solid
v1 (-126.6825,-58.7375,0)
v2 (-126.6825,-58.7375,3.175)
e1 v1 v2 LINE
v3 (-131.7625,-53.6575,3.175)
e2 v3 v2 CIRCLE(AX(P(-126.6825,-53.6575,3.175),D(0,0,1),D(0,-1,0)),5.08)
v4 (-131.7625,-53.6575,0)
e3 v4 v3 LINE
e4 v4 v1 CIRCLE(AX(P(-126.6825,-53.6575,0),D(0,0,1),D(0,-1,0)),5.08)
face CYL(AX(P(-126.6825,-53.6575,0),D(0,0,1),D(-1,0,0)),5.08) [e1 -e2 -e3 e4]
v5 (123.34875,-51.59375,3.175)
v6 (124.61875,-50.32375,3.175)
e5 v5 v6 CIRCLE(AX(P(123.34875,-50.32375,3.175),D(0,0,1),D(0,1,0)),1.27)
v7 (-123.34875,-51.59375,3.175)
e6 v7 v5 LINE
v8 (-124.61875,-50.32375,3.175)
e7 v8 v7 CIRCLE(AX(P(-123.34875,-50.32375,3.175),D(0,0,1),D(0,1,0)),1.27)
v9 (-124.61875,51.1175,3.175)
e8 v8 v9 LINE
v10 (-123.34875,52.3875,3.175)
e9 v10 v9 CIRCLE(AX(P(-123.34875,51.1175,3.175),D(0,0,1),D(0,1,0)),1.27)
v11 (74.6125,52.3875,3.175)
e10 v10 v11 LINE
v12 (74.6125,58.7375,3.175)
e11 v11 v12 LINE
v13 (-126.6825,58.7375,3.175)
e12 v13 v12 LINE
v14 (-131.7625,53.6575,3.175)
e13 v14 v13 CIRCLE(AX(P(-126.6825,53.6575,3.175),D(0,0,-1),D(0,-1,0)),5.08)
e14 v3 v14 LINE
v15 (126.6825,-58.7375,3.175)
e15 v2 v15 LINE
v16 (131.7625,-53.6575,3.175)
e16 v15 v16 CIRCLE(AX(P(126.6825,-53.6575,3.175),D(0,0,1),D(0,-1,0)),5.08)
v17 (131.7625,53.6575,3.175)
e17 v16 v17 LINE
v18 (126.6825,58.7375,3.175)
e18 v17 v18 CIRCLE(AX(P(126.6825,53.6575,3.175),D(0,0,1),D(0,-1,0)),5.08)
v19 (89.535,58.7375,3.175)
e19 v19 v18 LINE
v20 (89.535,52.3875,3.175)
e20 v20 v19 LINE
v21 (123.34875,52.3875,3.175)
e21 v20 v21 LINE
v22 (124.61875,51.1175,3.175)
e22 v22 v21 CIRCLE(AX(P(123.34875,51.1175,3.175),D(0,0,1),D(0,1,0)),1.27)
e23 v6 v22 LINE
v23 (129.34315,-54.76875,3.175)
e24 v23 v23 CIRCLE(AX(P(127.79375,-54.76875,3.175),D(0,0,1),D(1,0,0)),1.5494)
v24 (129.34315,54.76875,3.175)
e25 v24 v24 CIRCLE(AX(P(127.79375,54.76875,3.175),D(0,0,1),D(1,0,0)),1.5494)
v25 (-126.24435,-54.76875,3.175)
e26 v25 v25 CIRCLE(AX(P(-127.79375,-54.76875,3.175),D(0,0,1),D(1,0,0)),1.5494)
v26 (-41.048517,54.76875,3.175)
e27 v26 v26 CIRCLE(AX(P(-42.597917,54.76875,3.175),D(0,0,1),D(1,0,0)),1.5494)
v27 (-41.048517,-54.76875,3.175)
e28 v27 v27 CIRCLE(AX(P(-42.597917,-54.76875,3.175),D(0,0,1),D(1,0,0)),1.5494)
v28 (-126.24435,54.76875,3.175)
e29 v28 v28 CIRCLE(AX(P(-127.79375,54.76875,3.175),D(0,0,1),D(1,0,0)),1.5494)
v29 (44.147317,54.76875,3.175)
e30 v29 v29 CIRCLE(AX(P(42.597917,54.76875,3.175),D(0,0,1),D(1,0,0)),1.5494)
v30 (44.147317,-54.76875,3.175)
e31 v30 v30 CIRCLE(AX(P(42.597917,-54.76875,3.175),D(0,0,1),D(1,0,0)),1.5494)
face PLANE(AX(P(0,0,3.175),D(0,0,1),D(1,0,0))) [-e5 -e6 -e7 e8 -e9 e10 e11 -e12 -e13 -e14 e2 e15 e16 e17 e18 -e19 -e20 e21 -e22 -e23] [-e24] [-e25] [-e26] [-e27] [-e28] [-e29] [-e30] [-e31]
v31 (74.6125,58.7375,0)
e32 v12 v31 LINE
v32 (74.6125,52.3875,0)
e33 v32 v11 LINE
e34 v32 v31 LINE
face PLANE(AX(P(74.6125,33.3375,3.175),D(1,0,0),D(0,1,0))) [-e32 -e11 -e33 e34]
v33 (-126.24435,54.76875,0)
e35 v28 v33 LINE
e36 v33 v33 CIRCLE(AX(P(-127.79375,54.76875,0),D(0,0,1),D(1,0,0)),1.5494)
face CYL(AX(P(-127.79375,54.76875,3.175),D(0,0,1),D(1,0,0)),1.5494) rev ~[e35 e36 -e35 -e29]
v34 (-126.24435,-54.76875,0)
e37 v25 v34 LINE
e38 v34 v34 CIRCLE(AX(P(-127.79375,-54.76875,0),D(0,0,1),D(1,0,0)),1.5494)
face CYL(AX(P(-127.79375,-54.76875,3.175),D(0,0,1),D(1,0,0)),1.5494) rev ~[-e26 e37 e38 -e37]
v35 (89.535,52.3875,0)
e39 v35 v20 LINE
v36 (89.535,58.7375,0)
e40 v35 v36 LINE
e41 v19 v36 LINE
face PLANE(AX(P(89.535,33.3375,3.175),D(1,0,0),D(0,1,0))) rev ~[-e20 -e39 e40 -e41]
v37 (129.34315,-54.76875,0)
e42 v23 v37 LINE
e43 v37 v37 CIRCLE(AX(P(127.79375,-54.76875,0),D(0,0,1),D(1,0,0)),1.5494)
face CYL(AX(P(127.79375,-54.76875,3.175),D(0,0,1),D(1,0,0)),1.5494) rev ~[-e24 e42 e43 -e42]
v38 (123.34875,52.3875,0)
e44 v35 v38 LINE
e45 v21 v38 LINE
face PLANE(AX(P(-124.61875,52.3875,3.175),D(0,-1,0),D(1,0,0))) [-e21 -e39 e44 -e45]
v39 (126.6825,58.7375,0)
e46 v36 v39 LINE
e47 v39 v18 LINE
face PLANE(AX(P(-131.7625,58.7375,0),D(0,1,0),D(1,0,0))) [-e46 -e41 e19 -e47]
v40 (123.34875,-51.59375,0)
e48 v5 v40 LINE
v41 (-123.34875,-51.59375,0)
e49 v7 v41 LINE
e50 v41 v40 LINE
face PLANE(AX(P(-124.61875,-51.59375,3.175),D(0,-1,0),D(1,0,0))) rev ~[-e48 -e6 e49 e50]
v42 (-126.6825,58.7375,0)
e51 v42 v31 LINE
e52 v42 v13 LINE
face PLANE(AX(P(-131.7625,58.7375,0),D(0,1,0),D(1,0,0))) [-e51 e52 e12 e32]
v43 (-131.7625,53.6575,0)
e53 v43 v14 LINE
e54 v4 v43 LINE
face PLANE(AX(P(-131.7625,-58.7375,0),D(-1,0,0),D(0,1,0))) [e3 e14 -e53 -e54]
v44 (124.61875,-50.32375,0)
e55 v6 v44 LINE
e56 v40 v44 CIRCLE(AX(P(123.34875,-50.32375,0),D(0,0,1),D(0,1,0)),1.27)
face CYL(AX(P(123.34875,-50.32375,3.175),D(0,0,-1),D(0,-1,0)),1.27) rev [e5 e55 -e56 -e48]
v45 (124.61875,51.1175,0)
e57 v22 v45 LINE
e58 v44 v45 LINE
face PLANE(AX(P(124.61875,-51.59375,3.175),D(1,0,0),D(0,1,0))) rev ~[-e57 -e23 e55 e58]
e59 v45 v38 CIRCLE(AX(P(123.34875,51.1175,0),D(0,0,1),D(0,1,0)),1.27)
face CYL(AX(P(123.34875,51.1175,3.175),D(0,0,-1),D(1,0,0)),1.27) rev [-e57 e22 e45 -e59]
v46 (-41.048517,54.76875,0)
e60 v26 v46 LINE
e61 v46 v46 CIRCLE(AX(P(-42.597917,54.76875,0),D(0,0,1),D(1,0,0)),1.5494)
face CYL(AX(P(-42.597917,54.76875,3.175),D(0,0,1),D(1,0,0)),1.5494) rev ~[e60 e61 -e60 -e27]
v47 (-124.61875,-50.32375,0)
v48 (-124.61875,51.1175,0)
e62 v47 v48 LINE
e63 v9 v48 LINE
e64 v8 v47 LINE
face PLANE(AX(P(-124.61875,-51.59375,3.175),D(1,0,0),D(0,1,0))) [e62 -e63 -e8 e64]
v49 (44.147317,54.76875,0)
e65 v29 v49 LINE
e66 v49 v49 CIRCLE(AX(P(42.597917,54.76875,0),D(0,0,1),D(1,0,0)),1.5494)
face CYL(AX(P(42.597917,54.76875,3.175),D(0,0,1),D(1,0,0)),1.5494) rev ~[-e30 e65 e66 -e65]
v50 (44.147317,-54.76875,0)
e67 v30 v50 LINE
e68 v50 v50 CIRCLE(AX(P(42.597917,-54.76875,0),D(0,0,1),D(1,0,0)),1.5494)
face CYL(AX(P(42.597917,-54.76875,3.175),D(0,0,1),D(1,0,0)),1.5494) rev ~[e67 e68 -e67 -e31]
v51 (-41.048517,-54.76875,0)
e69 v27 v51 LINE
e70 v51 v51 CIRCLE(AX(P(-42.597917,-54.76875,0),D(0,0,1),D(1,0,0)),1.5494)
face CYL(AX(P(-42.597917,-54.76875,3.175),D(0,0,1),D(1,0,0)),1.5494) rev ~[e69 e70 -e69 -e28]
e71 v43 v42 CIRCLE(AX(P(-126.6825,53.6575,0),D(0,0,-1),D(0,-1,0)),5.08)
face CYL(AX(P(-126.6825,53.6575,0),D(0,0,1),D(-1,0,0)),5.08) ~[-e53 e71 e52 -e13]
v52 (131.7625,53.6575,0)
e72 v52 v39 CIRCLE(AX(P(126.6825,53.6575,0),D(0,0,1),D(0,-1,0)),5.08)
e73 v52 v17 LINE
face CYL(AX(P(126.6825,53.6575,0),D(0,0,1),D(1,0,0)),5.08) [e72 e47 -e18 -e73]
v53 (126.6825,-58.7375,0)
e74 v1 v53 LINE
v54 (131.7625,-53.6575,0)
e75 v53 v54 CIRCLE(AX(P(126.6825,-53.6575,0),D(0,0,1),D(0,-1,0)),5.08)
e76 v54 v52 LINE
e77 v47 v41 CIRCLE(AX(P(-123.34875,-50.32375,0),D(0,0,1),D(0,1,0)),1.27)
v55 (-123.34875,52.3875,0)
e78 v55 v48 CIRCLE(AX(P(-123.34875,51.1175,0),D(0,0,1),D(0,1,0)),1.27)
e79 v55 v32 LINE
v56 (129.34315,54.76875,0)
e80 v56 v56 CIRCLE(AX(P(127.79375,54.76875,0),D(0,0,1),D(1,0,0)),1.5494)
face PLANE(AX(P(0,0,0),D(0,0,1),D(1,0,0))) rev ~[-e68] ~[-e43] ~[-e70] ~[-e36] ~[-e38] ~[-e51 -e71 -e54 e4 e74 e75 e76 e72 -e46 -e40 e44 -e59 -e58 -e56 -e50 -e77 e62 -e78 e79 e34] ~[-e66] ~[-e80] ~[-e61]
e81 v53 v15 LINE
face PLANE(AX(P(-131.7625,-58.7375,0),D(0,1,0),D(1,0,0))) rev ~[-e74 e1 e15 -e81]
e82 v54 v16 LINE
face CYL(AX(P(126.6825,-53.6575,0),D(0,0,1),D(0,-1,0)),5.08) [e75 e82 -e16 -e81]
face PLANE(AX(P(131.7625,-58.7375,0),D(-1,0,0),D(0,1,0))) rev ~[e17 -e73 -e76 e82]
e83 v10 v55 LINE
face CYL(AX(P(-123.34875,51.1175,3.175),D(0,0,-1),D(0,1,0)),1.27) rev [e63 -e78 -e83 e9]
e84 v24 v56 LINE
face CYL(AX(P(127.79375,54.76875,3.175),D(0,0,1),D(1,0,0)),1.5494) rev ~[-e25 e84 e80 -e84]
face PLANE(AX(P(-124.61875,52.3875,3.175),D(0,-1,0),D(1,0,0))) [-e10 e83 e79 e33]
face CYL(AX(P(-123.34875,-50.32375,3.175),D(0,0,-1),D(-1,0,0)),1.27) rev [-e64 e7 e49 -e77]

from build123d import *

# Parameters (mm, degrees)
SKETCH_W        = 263.525
SKETCH_H        = 117.475
PAD_DEPTH       = 3.175
SKETCH002_W     = 249.2375
SKETCH002_H     = 103.98125
POCKET_DEPTH    = 3.176
SKETCH003_W     = 14.9225
SKETCH003_H     = 25.4
POCKET001_DEPTH = 3.176
SKETCH001_R     = 1.5494
HOLE_DEPTH      = 3.176
FILLET_R        = 5.08
FILLET001_R     = 1.27


with BuildPart() as part:
    # Sketch → Pad (new body)
    with BuildSketch(Plane.XY):
        Rectangle(SKETCH_W, SKETCH_H)
    extrude(amount=PAD_DEPTH)

    # Sketch002 (on Face6 of Pad) → Pocket (cut, through all)
    with BuildSketch(Plane.XY.offset(3.175)):
        with Locations((0, 0.396875)):
            Rectangle(SKETCH002_W, SKETCH002_H)
    extrude(amount=-POCKET_DEPTH, mode=Mode.SUBTRACT)

    # Sketch003 (on Face5 of Pocket) → Pocket001 (cut, through all)
    with BuildSketch(Plane.XY.offset(3.175)):
        with Locations((82.07375, 46.0375)):
            Rectangle(SKETCH003_W, SKETCH003_H)
    extrude(amount=-POCKET001_DEPTH, mode=Mode.SUBTRACT)

    # Sketch001 (on Face6 of Pad) → Hole (cut, through all)
    with BuildSketch(Plane.XY.offset(3.175)):
        with Locations((-42.597917, 54.76875)):
            Circle(SKETCH001_R)
        with Locations((42.597917, 54.76875)):
            Circle(SKETCH001_R)
        with Locations((42.597917, -54.76875)):
            Circle(SKETCH001_R)
        with Locations((-42.597917, -54.76875)):
            Circle(SKETCH001_R)
        with Locations((-127.79375, -54.76875)):
            Circle(SKETCH001_R)
        with Locations((-127.79375, 54.76875)):
            Circle(SKETCH001_R)
        with Locations((127.79375, 54.76875)):
            Circle(SKETCH001_R)
        with Locations((127.79375, -54.76875)):
            Circle(SKETCH001_R)
    extrude(amount=-HOLE_DEPTH, mode=Mode.SUBTRACT)

    # Fillet
    fillet_edges = [part.edges().sort_by_distance(p)[0] for p in [
        (-131.7625, 58.7375, 1.5875),
        (-131.7625, -58.7375, 1.5875),
        (131.7625, -58.7375, 1.5875),
        (131.7625, 58.7375, 1.5875),
    ]]
    fillet(fillet_edges, radius=FILLET_R)

    # Fillet001
    fillet001_edges = [part.edges().sort_by_distance(p)[0] for p in [
        (-124.61875, 52.3875, 1.5875),
        (124.61875, 52.3875, 1.5875),
        (-124.61875, -51.59375, 1.5875),
        (124.61875, -51.59375, 1.5875),
    ]]
    fillet(fillet001_edges, radius=FILLET001_R)


solid = part.part
